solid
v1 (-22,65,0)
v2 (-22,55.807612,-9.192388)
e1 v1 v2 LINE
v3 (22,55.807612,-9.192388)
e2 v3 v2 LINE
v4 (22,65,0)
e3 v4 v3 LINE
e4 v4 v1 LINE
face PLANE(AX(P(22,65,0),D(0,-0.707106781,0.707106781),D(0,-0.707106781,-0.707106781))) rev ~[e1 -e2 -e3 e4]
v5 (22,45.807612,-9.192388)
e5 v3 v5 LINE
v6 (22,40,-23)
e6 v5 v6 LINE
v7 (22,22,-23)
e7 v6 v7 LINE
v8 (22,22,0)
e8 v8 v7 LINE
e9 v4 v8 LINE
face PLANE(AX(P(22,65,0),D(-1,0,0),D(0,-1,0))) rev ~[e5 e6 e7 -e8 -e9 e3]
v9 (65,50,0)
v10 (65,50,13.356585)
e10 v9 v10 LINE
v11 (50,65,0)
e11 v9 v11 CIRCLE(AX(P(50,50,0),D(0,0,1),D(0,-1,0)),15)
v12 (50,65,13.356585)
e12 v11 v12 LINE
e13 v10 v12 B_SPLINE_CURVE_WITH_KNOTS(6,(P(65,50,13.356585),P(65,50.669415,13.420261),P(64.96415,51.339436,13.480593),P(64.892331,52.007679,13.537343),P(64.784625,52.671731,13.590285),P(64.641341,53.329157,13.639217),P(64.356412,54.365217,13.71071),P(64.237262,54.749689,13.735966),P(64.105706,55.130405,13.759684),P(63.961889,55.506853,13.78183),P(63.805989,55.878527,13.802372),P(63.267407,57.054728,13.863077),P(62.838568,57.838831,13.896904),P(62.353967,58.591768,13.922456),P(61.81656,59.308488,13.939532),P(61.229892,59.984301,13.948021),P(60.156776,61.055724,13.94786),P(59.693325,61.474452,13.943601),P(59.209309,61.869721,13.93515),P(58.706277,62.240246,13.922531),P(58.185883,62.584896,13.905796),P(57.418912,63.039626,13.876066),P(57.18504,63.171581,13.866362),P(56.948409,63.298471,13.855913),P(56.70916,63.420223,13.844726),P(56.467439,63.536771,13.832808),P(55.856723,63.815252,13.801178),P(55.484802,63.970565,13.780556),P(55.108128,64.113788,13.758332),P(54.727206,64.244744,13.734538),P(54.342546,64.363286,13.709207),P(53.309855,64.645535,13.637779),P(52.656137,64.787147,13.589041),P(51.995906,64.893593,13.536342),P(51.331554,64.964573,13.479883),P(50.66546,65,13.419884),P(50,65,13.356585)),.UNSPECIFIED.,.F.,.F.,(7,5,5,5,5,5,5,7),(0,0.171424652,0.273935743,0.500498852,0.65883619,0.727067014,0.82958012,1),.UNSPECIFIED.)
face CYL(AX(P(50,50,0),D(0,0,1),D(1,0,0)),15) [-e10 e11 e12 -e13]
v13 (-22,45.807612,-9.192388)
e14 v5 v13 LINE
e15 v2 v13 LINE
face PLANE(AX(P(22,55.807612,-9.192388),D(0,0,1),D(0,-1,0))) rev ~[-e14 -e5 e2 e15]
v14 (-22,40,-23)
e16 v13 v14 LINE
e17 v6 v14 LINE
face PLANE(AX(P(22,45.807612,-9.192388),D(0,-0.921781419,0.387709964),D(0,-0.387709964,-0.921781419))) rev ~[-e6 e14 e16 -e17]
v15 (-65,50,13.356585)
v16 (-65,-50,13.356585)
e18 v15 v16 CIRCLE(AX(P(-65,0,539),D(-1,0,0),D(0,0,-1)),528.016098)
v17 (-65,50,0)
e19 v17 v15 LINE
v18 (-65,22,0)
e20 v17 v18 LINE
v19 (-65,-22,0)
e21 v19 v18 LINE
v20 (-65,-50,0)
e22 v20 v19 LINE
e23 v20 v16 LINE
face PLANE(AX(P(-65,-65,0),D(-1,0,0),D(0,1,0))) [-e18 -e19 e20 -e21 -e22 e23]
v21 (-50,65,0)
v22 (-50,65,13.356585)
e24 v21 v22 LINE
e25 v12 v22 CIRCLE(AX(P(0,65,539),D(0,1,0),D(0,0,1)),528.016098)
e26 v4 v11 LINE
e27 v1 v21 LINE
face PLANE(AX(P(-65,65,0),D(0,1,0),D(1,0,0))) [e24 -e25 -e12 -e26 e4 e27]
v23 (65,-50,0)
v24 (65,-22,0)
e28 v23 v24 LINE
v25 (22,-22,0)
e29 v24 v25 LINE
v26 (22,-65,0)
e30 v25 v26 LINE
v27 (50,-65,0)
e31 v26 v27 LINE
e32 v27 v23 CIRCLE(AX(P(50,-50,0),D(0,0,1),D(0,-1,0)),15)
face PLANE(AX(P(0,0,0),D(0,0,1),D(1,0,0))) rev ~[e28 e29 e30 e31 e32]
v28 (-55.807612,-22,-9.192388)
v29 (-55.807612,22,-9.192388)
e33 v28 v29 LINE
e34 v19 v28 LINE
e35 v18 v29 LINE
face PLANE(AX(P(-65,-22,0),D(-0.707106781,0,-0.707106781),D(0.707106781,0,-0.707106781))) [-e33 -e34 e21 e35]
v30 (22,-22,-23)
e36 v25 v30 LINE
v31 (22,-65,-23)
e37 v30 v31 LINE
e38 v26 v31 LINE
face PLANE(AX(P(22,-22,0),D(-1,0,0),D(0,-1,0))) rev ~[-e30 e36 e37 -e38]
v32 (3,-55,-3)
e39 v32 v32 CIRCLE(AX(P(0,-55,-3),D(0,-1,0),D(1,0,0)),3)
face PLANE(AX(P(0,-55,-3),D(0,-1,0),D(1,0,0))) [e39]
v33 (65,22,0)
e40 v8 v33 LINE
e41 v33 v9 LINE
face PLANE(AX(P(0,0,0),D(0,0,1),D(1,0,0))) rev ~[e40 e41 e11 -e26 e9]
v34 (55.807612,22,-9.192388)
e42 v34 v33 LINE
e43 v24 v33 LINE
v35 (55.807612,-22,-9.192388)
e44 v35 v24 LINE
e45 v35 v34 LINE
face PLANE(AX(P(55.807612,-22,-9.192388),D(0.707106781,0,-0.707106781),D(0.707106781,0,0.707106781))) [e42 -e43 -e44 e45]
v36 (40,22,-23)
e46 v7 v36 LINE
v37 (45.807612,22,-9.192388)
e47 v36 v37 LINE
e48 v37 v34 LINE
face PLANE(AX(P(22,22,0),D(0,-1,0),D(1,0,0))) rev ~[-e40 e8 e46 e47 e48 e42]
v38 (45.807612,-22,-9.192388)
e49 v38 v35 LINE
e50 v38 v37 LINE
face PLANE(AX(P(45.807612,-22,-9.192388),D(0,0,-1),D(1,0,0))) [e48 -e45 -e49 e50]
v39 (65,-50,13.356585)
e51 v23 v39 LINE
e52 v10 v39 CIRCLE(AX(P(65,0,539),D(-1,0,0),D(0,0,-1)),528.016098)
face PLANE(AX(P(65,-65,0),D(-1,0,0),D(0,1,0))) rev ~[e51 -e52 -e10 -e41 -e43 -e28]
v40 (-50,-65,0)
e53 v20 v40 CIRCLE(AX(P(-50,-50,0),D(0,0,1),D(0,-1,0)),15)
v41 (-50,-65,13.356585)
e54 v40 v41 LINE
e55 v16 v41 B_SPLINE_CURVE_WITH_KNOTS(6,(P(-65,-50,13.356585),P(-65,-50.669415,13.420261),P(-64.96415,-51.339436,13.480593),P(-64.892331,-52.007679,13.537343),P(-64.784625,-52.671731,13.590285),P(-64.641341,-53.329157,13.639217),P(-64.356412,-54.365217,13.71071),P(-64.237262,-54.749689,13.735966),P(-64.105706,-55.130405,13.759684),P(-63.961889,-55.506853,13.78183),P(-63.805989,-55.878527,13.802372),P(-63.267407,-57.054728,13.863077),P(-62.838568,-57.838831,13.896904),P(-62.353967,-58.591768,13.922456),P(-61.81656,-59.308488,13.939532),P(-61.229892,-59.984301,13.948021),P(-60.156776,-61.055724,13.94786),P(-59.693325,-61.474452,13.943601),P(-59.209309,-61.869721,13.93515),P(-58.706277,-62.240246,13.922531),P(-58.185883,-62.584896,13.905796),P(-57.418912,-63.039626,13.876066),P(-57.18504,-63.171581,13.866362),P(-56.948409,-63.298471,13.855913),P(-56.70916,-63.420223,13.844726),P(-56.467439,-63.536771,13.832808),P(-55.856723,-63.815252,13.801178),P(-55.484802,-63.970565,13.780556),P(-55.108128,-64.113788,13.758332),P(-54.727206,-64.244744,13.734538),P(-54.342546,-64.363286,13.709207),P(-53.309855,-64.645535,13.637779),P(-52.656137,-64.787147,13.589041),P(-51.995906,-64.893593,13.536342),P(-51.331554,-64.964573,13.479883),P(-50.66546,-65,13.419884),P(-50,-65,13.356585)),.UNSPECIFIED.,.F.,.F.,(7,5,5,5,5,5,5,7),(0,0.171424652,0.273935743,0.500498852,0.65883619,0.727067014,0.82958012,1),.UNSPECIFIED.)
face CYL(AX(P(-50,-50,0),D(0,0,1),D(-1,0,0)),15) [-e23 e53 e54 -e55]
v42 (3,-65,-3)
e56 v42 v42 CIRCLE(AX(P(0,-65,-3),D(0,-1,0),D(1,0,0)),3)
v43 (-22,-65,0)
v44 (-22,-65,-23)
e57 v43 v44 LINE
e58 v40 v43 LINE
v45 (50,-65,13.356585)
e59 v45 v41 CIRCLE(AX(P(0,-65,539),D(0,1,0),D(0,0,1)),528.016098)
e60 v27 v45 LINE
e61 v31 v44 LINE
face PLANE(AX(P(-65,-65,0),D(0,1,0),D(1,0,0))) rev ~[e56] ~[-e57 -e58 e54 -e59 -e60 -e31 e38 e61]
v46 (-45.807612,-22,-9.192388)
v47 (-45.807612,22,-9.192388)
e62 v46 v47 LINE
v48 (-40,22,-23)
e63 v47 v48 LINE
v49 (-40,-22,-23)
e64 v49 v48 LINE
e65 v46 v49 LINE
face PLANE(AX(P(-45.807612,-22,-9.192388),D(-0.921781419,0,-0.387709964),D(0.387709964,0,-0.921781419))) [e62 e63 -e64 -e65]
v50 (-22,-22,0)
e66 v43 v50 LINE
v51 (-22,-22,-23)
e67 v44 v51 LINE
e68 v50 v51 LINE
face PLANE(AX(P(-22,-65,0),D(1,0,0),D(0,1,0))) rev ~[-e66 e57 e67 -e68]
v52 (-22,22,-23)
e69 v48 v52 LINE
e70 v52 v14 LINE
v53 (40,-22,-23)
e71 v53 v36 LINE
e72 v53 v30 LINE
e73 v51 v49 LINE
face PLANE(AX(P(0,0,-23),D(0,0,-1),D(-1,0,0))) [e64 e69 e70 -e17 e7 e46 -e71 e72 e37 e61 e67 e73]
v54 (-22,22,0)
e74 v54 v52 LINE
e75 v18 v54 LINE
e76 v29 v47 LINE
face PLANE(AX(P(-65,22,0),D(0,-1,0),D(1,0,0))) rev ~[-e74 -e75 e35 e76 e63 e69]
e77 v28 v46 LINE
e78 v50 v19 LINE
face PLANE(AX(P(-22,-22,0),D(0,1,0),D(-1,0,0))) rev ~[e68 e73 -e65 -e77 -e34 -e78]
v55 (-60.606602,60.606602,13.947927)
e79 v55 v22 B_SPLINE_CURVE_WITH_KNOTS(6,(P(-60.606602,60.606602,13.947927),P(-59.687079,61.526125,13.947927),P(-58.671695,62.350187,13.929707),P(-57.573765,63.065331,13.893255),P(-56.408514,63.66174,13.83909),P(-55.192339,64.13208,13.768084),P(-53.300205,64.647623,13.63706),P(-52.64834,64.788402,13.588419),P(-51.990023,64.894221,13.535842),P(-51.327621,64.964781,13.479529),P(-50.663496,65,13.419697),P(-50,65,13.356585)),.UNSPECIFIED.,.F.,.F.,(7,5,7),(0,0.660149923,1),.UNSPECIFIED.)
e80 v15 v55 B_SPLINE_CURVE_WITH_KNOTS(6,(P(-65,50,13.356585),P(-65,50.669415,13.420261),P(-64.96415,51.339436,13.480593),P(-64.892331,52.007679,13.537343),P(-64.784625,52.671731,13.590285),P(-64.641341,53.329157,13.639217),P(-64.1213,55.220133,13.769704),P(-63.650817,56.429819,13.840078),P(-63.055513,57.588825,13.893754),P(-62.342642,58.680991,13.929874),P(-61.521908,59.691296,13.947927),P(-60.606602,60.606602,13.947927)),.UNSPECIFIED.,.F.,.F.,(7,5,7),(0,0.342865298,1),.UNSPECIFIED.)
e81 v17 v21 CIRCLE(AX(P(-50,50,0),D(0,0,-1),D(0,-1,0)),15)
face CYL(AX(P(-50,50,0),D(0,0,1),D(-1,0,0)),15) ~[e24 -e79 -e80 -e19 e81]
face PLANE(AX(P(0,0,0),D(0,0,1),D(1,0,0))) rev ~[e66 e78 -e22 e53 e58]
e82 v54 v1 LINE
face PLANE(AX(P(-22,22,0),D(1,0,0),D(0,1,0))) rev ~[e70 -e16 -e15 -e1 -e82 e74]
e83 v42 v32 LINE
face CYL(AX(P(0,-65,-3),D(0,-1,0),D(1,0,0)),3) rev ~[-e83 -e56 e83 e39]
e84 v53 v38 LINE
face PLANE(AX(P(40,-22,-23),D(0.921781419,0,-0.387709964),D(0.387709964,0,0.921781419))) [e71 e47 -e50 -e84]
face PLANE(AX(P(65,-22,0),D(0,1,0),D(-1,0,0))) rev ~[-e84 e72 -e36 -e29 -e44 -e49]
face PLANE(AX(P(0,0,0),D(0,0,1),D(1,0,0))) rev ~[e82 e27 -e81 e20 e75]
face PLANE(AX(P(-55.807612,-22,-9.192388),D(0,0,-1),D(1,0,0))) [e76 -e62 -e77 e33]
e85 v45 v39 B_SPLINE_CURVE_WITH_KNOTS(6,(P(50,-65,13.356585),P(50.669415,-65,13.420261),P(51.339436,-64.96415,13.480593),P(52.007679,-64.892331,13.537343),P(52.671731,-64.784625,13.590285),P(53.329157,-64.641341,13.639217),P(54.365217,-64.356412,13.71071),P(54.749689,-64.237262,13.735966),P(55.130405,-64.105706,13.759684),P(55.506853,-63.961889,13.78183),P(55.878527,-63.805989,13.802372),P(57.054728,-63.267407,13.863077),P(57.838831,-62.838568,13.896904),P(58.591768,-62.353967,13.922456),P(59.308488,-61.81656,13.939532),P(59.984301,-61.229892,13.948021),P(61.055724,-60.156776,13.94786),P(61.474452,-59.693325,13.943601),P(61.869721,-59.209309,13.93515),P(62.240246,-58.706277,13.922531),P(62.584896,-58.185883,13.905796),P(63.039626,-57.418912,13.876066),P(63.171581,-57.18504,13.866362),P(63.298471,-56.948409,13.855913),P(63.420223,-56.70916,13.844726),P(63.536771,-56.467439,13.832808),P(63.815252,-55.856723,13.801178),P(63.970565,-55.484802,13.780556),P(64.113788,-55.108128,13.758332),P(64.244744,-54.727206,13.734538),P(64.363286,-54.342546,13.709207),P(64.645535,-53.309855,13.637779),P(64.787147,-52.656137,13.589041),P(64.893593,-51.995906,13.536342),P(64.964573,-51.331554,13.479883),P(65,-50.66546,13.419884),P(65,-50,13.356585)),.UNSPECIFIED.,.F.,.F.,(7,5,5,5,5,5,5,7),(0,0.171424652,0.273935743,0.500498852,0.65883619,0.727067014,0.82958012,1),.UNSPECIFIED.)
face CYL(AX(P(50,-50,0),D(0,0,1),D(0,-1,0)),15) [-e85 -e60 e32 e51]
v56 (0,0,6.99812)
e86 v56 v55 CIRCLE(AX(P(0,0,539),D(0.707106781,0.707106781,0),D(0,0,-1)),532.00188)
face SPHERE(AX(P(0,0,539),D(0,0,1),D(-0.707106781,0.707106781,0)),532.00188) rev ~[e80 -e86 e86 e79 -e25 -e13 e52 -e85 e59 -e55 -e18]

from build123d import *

# Parameters (mm, degrees)
SKETCH1_W           = 130
SKETCH1_H           = 130
BOSS_EXTRUDE1_DEPTH = 15
FILLET1_R           = 15
BOSS_EXTRUDE3_DEPTH = 20
BOSS_EXTRUDE4_DEPTH = 23
CUT_EXTRUDE1_DEPTH  = 50
CUT_EXTRUDE2_DEPTH  = 50
SKETCH10_R          = 3
CUT_EXTRUDE3_DEPTH  = 10


with BuildPart() as part:
    # Sketch1 → Boss-Extrude1 (new body)
    with BuildSketch(Plane.XY):
        Rectangle(SKETCH1_W, SKETCH1_H)
    extrude(amount=BOSS_EXTRUDE1_DEPTH)

    # Fillet1
    fillet1_edges = [part.edges().sort_by_distance(p)[0] for p in [
        (65, -65, 7.5),
        (-65, -65, 7.5),
        (-65, 65, 7.5),
        (65, 65, 7.5),
    ]]
    fillet(fillet1_edges, radius=FILLET1_R)

    # Sketch5 → Boss-Extrude3 (add)
    with BuildSketch(Plane.XY.offset(15)):
        Polygon((-65, 65), (65, -65), (70.504249196, -59.495750804), (-59.495750804, 70.504249196), align=None)
    extrude(amount=BOSS_EXTRUDE3_DEPTH)

    # Sketch6 → Cut-Revolve2 (revolve, cut)
    with BuildSketch(Plane(origin=(0, 0, 0), x_dir=(0, 0, 1), z_dir=(-0.707106781, -0.707106781, 0))):
        with BuildLine():
            Line((15, 91.923881554), (15, 99.514365428))
            Line((15, 99.514365428), (45.882557295, 99.514365428))
            Line((45.882557295, 99.514365428), (45.882557295, 91.923881554))
            Line((45.882557295, 91.923881554), (45.882557295, 0))
            Line((45.882557295, 0), (6.998120304, 0))
            ThreePointArc((6.998120304, 0), (9.00236559, 46.135750993), (15, 91.923881554))
        make_face()
    revolve(axis=Axis((0, 0, 45.882557295), (0, 0, 1)), mode=Mode.SUBTRACT)

    # Sketch7 → Boss-Extrude4 (add)
    with BuildSketch(Plane(origin=(0, 0, 0), x_dir=(-1, 0, 0), z_dir=(0, 0, -1))):
        Polygon((-22, -65), (22, -65), (22, -22), (65, -22), (65, 22), (22, 22), (22, 65), (-22, 65), (-22, 22), (-65, 22), (-65, -22), (-22, -22), align=None)
    extrude(amount=BOSS_EXTRUDE4_DEPTH)

    # Sketch8 → Cut-Extrude1 (cut)
    with BuildSketch(Plane.XZ.offset(22)):
        Polygon((-65, 0), (-55.807611845, -9.192388155), (-45.807611845, -9.192388155), (-40, -23), (0, -40.620002029), (40, -23), (45.807611845, -9.192388155), (55.807611845, -9.192388155), (65, 0), (68.211957708, -1.350979723), (68.682657398, -47.498818865), (-34.338090691, -46.266881669), (-70.140917764, -27.552380355), align=None)
    extrude(amount=-CUT_EXTRUDE1_DEPTH, mode=Mode.SUBTRACT)

    # Sketch9 → Cut-Extrude2 (cut)
    with BuildSketch(Plane(origin=(22, 0, 0), x_dir=(0, 0, -1), z_dir=(1, 0, 0))):
        Polygon((0, 65), (9.192388155, 55.807611845), (9.192388155, 45.807611845), (23, 40), (23, 65), align=None)
    extrude(amount=-CUT_EXTRUDE2_DEPTH, mode=Mode.SUBTRACT)

    # Sketch10 → Cut-Extrude3 (cut)
    with BuildSketch(Plane.XZ.offset(65)):
        with Locations((0, -3)):
            Circle(SKETCH10_R)
    extrude(amount=-CUT_EXTRUDE3_DEPTH, mode=Mode.SUBTRACT)


solid = part.part
